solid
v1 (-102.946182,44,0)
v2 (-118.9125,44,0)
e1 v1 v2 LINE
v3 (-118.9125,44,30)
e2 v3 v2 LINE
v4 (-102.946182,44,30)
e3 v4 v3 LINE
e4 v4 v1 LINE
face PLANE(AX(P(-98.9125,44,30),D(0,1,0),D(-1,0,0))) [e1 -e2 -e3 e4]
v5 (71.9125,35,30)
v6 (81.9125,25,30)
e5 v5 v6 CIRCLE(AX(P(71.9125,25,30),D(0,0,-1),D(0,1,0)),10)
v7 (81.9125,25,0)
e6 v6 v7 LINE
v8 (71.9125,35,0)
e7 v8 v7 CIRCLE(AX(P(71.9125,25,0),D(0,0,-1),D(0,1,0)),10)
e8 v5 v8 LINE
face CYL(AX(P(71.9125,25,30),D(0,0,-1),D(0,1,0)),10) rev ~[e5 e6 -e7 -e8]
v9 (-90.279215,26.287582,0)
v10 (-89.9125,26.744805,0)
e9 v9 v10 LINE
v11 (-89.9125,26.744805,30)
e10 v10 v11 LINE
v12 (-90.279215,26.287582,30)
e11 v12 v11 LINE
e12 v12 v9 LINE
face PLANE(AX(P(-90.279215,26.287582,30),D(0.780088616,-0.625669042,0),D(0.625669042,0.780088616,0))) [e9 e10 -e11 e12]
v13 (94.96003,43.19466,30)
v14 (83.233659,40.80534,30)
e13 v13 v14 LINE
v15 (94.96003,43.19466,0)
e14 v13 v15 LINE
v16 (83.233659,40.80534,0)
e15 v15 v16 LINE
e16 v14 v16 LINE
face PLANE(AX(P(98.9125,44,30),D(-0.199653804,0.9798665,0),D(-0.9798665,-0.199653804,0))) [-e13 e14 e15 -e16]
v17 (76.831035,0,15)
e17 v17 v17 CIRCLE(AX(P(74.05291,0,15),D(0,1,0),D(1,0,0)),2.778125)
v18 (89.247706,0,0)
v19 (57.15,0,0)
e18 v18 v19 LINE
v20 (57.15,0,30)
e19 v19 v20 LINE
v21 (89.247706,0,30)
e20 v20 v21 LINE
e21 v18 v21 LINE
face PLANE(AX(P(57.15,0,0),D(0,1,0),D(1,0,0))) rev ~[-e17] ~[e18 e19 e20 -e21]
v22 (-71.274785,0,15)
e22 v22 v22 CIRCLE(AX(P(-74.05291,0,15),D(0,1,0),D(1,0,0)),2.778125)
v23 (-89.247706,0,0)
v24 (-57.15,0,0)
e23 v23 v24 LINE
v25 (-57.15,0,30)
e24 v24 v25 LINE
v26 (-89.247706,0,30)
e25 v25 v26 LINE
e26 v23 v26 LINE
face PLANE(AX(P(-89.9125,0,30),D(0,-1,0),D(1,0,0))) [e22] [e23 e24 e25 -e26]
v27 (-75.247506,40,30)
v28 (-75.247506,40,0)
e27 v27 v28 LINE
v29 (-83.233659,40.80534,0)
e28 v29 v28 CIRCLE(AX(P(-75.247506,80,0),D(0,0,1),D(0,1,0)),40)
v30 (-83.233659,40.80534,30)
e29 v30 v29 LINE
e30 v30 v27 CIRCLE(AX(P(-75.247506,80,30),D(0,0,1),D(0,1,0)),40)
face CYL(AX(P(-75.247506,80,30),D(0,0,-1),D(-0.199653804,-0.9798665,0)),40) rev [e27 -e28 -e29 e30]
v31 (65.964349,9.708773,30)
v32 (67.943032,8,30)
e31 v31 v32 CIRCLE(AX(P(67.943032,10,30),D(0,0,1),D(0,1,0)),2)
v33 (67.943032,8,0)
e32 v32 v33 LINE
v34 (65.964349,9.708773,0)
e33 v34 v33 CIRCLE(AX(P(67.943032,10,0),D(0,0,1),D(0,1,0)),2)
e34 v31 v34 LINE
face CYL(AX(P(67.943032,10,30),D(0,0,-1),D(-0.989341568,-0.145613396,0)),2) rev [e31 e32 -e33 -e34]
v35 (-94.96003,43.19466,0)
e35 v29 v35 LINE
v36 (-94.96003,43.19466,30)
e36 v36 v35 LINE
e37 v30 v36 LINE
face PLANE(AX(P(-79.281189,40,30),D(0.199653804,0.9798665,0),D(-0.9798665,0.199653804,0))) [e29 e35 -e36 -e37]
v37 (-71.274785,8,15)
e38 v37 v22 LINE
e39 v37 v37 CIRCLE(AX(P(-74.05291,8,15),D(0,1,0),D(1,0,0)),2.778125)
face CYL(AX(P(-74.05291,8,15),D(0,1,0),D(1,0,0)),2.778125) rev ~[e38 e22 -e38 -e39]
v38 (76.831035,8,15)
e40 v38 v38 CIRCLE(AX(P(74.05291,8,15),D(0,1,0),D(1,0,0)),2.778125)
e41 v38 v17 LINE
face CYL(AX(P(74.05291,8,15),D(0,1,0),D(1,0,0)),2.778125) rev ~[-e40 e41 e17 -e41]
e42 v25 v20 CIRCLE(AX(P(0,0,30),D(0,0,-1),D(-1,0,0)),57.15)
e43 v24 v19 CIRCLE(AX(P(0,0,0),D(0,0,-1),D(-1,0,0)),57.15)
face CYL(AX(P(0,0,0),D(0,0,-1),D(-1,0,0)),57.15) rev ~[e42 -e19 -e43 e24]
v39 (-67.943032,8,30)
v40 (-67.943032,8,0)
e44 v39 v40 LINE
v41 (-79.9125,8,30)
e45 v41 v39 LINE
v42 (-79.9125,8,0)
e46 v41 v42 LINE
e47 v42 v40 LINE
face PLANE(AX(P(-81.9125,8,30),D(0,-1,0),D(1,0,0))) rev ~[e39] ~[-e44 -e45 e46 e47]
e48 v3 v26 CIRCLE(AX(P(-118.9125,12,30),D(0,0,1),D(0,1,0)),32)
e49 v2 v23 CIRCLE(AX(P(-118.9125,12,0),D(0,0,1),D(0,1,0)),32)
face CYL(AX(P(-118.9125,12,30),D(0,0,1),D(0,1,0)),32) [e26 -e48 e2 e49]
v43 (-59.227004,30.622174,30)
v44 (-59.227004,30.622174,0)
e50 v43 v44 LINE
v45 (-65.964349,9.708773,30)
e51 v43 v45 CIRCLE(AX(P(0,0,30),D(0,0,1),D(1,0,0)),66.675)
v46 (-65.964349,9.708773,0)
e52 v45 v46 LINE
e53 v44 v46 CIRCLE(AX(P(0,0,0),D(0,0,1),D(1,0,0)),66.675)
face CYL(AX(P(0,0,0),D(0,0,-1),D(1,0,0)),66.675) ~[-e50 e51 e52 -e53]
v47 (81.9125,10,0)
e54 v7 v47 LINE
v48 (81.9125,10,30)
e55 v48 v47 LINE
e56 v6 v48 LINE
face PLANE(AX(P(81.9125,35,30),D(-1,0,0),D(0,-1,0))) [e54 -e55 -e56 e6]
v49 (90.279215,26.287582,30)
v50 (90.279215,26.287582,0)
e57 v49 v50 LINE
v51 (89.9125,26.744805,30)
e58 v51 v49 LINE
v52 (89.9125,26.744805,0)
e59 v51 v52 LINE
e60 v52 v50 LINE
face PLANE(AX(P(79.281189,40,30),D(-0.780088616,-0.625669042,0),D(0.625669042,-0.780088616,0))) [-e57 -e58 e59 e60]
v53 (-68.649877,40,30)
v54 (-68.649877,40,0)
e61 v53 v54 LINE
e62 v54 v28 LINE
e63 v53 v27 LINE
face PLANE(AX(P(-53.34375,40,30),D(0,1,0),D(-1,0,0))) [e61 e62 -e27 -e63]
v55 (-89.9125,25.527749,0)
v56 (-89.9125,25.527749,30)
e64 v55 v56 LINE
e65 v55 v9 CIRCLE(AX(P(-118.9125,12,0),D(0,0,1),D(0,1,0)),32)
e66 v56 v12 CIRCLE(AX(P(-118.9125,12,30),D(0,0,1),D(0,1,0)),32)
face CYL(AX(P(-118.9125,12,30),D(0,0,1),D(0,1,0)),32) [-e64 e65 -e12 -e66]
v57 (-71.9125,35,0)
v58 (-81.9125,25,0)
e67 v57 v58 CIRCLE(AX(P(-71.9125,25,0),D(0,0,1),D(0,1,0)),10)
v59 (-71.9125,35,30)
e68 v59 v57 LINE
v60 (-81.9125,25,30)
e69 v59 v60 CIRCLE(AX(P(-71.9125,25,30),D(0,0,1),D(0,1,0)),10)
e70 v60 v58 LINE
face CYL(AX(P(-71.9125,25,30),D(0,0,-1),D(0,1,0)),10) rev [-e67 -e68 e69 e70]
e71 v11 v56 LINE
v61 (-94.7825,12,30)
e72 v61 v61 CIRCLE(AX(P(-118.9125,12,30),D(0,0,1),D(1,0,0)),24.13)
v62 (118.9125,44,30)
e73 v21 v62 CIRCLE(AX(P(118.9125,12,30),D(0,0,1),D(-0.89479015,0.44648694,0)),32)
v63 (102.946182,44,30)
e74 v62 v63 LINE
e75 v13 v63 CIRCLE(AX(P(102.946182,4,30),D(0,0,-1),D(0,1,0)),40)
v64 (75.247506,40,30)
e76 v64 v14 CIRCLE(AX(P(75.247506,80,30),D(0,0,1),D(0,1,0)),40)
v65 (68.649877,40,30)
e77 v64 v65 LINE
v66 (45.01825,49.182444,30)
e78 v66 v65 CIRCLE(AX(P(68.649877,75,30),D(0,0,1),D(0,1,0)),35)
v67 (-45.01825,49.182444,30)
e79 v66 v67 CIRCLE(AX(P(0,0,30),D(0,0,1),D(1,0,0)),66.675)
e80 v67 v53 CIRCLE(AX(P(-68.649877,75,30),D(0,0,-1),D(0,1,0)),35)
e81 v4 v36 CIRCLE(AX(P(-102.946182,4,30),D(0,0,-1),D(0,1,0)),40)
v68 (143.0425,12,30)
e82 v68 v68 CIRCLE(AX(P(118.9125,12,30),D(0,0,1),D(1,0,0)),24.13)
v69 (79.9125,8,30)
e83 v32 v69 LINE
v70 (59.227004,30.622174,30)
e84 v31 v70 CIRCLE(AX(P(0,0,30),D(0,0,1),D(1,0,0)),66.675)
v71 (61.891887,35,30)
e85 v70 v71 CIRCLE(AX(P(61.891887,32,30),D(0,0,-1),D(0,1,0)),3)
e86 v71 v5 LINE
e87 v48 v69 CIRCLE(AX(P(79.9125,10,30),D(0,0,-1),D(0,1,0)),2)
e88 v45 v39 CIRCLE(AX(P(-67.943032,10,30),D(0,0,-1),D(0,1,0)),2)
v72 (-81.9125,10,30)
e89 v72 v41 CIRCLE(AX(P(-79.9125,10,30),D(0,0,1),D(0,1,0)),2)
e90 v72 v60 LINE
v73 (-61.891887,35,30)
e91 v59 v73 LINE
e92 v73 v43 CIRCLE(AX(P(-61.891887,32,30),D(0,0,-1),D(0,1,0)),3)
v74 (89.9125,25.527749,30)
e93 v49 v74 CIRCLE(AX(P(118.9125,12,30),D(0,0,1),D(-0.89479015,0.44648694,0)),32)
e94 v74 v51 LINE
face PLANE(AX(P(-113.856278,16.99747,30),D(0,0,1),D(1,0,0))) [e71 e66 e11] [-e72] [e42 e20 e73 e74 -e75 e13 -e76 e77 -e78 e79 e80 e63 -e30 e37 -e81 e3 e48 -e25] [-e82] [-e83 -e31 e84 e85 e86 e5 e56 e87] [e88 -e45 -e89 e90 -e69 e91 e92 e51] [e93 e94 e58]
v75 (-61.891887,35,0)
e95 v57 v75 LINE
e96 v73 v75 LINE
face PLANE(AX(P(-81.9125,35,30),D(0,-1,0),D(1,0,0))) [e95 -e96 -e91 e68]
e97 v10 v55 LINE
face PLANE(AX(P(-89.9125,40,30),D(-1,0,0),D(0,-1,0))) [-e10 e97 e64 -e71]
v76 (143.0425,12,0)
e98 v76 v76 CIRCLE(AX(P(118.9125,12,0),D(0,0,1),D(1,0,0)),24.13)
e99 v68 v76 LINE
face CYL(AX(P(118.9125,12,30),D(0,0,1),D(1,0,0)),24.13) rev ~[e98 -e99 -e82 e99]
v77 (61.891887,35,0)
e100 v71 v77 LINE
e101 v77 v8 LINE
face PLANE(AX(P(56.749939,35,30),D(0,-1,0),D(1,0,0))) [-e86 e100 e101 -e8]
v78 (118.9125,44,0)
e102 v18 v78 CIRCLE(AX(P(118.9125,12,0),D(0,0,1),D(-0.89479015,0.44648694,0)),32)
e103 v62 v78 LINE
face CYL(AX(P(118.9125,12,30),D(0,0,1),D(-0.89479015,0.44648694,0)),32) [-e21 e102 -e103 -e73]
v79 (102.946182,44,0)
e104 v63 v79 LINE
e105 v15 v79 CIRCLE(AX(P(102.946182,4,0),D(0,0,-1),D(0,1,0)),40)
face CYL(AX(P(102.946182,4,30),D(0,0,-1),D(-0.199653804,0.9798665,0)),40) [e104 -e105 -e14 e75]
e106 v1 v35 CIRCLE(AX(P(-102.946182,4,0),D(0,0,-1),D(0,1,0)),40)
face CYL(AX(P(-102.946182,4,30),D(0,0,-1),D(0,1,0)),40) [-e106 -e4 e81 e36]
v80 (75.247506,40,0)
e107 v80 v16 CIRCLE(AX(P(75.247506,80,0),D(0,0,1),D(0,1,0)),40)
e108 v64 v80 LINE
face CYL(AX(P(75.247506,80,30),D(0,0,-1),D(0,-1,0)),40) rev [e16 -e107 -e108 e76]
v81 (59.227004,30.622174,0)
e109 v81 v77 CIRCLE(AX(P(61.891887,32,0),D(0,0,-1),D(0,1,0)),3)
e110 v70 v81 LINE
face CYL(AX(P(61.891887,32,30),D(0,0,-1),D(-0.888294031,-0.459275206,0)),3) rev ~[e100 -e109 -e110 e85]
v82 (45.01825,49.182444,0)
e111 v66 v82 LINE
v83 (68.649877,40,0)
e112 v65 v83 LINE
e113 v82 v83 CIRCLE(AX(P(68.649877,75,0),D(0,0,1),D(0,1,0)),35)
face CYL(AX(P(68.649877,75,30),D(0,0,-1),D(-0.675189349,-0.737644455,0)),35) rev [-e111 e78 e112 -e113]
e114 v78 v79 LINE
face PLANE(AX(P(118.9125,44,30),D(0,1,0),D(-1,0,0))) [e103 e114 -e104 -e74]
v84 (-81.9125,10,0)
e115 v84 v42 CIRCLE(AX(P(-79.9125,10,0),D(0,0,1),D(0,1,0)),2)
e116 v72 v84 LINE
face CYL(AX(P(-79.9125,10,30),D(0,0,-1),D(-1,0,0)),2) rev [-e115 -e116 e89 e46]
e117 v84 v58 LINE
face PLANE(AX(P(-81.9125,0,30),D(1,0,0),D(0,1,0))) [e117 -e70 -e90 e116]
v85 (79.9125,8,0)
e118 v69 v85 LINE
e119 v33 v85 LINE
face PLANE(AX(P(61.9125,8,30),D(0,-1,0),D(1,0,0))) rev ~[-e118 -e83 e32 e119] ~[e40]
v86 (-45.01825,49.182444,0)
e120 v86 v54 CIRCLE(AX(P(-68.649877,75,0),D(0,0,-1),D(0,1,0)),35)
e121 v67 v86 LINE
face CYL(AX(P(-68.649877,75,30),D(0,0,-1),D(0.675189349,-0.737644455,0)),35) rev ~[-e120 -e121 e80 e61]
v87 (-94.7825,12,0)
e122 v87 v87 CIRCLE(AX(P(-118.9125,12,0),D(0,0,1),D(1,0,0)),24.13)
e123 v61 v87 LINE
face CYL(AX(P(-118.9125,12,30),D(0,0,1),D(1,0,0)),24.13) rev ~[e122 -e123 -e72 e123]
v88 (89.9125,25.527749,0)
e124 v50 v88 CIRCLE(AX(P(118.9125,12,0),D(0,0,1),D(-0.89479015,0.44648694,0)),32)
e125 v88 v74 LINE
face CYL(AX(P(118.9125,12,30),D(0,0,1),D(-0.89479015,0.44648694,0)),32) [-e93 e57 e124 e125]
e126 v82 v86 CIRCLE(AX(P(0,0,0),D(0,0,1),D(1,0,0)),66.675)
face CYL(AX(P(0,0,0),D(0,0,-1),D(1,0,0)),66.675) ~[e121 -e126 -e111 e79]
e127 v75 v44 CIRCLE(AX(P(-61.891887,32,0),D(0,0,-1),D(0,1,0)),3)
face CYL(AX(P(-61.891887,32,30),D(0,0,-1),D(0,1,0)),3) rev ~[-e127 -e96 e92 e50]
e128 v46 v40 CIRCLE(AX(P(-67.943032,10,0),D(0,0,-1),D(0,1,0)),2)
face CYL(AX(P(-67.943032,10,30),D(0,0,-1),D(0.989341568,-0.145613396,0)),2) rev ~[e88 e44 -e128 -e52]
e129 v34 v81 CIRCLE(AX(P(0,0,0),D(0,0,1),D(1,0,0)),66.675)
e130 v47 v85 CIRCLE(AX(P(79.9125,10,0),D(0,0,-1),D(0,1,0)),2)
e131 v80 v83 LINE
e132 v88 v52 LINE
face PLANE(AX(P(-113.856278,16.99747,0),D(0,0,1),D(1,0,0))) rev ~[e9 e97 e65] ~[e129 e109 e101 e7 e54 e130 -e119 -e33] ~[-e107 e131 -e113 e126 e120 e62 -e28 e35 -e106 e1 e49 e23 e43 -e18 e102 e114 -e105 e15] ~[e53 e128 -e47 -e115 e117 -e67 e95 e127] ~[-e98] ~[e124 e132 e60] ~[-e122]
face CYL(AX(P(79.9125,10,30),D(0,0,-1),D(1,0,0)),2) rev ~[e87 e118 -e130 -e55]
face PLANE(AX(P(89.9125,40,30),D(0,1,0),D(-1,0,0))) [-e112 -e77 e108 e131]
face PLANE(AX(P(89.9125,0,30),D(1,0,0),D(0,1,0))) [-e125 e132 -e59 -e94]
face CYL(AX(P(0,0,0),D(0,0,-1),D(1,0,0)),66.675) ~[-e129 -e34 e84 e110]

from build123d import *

# Parameters (mm, degrees)
BOSS_EXTRUDE1_DEPTH = 30
SKETCH2_W           = 20
SKETCH2_H           = 8
BOSS_EXTRUDE2_DEPTH = 30
BOSS_EXTRUDE3_DEPTH = 30
FILLET2_R           = 35
FILLET3_R           = 3
SKETCH5_R           = 2.778125
CUT_EXTRUDE2_DEPTH  = 9
SKETCH6_R           = 24.13
BOSS_EXTRUDE4_DEPTH = 30
FILLET4_R           = 40
FILLET5_R           = 10
FILLET6_R           = 2


with BuildPart() as part:
    # Sketch1 → Boss-Extrude1 (new body)
    with BuildSketch(Plane.XY):
        with BuildLine():
            ThreePointArc((66.675, 0), (0, 66.675), (-66.675, 0))
            Line((-66.675, 0), (-57.15, 0))
            ThreePointArc((-57.15, 0), (0, 57.15), (57.15, 0))
            Line((57.15, 0), (66.675, 0))
        make_face()
    extrude(amount=BOSS_EXTRUDE1_DEPTH)

    # Sketch2 → Boss-Extrude2 (add)
    with BuildSketch(Plane.XY.offset(30)):
        with Locations((-71.9125, 4)):
            Rectangle(SKETCH2_W, SKETCH2_H)
        with Locations((71.9125, 4)):
            Rectangle(SKETCH2_W, SKETCH2_H)
    extrude(amount=-BOSS_EXTRUDE2_DEPTH)

    # Sketch4 → Boss-Extrude3 (add)
    with BuildSketch(Plane.XY.offset(30)):
        with BuildLine():
            Line((-89.9125, 40), (-89.9125, 35))
            Line((-89.9125, 35), (-81.9125, 35))
            Line((-81.9125, 35), (-56.749939427, 35))
            ThreePointArc((-56.749939427, 35), (-55.103585117, 37.538653841), (-53.343749634, 40))
            Line((-53.343749634, 40), (-89.9125, 40))
        make_face()
        Polygon((-89.9125, 0), (-81.9125, 0), (-81.9125, 8), (-81.9125, 35), (-89.9125, 35), align=None)
        with BuildLine():
            Line((89.9125, 40), (53.343749634, 40))
            ThreePointArc((53.343749634, 40), (55.103585117, 37.538653841), (56.749939427, 35))
            Line((56.749939427, 35), (81.9125, 35))
            Line((81.9125, 35), (89.9125, 35))
            Line((89.9125, 35), (89.9125, 40))
        make_face()
        Polygon((89.9125, 0), (89.9125, 35), (81.9125, 35), (81.9125, 8), (81.9125, 0), align=None)
    extrude(amount=-BOSS_EXTRUDE3_DEPTH)

    # Fillet2
    fillet2_edges = [part.edges().sort_by_distance(p)[0] for p in [
        (-53.343749634, 40, 15),
        (53.343749634, 40, 15),
    ]]
    fillet(fillet2_edges, radius=FILLET2_R)

    # Fillet3
    fillet3_edges = [part.edges().sort_by_distance(p)[0] for p in [
        (-56.749939427, 35, 15),
        (56.749939427, 35, 15),
    ]]
    fillet(fillet3_edges, radius=FILLET3_R)

    # Sketch5 → Cut-Extrude2 (cut, through all)
    with BuildSketch(Plane(origin=(0, 8, 0), x_dir=(1, 0, 0), z_dir=(0, 1, 0))):
        with Locations((-74.052910047, -15)):
            Circle(SKETCH5_R)
        with Locations((74.052910047, -15)):
            Circle(SKETCH5_R)
    extrude(amount=-CUT_EXTRUDE2_DEPTH, mode=Mode.SUBTRACT)

    # Sketch6 → Boss-Extrude4 (add)
    with BuildSketch(Plane.XY.offset(30)):
        with BuildLine():
            Line((-98.9125, 44), (-118.9125, 44))
            ThreePointArc((-118.9125, 44), (-135.746949407, -15.213991129), (-90.279215199, 26.287582073))
            Line((-90.279215199, 26.287582073), (-79.281188547, 40))
            Line((-79.281188547, 40), (-98.9125, 44))
        make_face()
        with Locations((-118.9125, 12)):
            Circle(SKETCH6_R, mode=Mode.SUBTRACT)
        with BuildLine():
            Line((98.9125, 44), (79.281188547, 40))
            Line((79.281188547, 40), (90.279215199, 26.287582073))
            ThreePointArc((90.279215199, 26.287582073), (135.746949407, -15.213991129), (118.9125, 44))
            Line((118.9125, 44), (98.9125, 44))
        make_face()
        with Locations((118.9125, 12)):
            Circle(SKETCH6_R, mode=Mode.SUBTRACT)
    extrude(amount=-BOSS_EXTRUDE4_DEPTH)

    # Fillet4
    fillet4_edges = [part.edges().sort_by_distance(p)[0] for p in [
        (-98.9125, 44, 15),
        (-79.281188547, 40, 15),
        (79.281188547, 40, 15),
        (98.9125, 44, 15),
    ]]
    fillet(fillet4_edges, radius=FILLET4_R)

    # Fillet5
    fillet5_edges = [part.edges().sort_by_distance(p)[0] for p in [
        (-81.9125, 35, 15),
        (81.9125, 35, 15),
    ]]
    fillet(fillet5_edges, radius=FILLET5_R)

    # Fillet6
    fillet6_edges = [part.edges().sort_by_distance(p)[0] for p in [
        (-81.9125, 8, 15),
        (-66.193320093, 8, 15),
        (66.193320093, 8, 15),
        (81.9125, 8, 15),
    ]]
    fillet(fillet6_edges, radius=FILLET6_R)


solid = part.part
